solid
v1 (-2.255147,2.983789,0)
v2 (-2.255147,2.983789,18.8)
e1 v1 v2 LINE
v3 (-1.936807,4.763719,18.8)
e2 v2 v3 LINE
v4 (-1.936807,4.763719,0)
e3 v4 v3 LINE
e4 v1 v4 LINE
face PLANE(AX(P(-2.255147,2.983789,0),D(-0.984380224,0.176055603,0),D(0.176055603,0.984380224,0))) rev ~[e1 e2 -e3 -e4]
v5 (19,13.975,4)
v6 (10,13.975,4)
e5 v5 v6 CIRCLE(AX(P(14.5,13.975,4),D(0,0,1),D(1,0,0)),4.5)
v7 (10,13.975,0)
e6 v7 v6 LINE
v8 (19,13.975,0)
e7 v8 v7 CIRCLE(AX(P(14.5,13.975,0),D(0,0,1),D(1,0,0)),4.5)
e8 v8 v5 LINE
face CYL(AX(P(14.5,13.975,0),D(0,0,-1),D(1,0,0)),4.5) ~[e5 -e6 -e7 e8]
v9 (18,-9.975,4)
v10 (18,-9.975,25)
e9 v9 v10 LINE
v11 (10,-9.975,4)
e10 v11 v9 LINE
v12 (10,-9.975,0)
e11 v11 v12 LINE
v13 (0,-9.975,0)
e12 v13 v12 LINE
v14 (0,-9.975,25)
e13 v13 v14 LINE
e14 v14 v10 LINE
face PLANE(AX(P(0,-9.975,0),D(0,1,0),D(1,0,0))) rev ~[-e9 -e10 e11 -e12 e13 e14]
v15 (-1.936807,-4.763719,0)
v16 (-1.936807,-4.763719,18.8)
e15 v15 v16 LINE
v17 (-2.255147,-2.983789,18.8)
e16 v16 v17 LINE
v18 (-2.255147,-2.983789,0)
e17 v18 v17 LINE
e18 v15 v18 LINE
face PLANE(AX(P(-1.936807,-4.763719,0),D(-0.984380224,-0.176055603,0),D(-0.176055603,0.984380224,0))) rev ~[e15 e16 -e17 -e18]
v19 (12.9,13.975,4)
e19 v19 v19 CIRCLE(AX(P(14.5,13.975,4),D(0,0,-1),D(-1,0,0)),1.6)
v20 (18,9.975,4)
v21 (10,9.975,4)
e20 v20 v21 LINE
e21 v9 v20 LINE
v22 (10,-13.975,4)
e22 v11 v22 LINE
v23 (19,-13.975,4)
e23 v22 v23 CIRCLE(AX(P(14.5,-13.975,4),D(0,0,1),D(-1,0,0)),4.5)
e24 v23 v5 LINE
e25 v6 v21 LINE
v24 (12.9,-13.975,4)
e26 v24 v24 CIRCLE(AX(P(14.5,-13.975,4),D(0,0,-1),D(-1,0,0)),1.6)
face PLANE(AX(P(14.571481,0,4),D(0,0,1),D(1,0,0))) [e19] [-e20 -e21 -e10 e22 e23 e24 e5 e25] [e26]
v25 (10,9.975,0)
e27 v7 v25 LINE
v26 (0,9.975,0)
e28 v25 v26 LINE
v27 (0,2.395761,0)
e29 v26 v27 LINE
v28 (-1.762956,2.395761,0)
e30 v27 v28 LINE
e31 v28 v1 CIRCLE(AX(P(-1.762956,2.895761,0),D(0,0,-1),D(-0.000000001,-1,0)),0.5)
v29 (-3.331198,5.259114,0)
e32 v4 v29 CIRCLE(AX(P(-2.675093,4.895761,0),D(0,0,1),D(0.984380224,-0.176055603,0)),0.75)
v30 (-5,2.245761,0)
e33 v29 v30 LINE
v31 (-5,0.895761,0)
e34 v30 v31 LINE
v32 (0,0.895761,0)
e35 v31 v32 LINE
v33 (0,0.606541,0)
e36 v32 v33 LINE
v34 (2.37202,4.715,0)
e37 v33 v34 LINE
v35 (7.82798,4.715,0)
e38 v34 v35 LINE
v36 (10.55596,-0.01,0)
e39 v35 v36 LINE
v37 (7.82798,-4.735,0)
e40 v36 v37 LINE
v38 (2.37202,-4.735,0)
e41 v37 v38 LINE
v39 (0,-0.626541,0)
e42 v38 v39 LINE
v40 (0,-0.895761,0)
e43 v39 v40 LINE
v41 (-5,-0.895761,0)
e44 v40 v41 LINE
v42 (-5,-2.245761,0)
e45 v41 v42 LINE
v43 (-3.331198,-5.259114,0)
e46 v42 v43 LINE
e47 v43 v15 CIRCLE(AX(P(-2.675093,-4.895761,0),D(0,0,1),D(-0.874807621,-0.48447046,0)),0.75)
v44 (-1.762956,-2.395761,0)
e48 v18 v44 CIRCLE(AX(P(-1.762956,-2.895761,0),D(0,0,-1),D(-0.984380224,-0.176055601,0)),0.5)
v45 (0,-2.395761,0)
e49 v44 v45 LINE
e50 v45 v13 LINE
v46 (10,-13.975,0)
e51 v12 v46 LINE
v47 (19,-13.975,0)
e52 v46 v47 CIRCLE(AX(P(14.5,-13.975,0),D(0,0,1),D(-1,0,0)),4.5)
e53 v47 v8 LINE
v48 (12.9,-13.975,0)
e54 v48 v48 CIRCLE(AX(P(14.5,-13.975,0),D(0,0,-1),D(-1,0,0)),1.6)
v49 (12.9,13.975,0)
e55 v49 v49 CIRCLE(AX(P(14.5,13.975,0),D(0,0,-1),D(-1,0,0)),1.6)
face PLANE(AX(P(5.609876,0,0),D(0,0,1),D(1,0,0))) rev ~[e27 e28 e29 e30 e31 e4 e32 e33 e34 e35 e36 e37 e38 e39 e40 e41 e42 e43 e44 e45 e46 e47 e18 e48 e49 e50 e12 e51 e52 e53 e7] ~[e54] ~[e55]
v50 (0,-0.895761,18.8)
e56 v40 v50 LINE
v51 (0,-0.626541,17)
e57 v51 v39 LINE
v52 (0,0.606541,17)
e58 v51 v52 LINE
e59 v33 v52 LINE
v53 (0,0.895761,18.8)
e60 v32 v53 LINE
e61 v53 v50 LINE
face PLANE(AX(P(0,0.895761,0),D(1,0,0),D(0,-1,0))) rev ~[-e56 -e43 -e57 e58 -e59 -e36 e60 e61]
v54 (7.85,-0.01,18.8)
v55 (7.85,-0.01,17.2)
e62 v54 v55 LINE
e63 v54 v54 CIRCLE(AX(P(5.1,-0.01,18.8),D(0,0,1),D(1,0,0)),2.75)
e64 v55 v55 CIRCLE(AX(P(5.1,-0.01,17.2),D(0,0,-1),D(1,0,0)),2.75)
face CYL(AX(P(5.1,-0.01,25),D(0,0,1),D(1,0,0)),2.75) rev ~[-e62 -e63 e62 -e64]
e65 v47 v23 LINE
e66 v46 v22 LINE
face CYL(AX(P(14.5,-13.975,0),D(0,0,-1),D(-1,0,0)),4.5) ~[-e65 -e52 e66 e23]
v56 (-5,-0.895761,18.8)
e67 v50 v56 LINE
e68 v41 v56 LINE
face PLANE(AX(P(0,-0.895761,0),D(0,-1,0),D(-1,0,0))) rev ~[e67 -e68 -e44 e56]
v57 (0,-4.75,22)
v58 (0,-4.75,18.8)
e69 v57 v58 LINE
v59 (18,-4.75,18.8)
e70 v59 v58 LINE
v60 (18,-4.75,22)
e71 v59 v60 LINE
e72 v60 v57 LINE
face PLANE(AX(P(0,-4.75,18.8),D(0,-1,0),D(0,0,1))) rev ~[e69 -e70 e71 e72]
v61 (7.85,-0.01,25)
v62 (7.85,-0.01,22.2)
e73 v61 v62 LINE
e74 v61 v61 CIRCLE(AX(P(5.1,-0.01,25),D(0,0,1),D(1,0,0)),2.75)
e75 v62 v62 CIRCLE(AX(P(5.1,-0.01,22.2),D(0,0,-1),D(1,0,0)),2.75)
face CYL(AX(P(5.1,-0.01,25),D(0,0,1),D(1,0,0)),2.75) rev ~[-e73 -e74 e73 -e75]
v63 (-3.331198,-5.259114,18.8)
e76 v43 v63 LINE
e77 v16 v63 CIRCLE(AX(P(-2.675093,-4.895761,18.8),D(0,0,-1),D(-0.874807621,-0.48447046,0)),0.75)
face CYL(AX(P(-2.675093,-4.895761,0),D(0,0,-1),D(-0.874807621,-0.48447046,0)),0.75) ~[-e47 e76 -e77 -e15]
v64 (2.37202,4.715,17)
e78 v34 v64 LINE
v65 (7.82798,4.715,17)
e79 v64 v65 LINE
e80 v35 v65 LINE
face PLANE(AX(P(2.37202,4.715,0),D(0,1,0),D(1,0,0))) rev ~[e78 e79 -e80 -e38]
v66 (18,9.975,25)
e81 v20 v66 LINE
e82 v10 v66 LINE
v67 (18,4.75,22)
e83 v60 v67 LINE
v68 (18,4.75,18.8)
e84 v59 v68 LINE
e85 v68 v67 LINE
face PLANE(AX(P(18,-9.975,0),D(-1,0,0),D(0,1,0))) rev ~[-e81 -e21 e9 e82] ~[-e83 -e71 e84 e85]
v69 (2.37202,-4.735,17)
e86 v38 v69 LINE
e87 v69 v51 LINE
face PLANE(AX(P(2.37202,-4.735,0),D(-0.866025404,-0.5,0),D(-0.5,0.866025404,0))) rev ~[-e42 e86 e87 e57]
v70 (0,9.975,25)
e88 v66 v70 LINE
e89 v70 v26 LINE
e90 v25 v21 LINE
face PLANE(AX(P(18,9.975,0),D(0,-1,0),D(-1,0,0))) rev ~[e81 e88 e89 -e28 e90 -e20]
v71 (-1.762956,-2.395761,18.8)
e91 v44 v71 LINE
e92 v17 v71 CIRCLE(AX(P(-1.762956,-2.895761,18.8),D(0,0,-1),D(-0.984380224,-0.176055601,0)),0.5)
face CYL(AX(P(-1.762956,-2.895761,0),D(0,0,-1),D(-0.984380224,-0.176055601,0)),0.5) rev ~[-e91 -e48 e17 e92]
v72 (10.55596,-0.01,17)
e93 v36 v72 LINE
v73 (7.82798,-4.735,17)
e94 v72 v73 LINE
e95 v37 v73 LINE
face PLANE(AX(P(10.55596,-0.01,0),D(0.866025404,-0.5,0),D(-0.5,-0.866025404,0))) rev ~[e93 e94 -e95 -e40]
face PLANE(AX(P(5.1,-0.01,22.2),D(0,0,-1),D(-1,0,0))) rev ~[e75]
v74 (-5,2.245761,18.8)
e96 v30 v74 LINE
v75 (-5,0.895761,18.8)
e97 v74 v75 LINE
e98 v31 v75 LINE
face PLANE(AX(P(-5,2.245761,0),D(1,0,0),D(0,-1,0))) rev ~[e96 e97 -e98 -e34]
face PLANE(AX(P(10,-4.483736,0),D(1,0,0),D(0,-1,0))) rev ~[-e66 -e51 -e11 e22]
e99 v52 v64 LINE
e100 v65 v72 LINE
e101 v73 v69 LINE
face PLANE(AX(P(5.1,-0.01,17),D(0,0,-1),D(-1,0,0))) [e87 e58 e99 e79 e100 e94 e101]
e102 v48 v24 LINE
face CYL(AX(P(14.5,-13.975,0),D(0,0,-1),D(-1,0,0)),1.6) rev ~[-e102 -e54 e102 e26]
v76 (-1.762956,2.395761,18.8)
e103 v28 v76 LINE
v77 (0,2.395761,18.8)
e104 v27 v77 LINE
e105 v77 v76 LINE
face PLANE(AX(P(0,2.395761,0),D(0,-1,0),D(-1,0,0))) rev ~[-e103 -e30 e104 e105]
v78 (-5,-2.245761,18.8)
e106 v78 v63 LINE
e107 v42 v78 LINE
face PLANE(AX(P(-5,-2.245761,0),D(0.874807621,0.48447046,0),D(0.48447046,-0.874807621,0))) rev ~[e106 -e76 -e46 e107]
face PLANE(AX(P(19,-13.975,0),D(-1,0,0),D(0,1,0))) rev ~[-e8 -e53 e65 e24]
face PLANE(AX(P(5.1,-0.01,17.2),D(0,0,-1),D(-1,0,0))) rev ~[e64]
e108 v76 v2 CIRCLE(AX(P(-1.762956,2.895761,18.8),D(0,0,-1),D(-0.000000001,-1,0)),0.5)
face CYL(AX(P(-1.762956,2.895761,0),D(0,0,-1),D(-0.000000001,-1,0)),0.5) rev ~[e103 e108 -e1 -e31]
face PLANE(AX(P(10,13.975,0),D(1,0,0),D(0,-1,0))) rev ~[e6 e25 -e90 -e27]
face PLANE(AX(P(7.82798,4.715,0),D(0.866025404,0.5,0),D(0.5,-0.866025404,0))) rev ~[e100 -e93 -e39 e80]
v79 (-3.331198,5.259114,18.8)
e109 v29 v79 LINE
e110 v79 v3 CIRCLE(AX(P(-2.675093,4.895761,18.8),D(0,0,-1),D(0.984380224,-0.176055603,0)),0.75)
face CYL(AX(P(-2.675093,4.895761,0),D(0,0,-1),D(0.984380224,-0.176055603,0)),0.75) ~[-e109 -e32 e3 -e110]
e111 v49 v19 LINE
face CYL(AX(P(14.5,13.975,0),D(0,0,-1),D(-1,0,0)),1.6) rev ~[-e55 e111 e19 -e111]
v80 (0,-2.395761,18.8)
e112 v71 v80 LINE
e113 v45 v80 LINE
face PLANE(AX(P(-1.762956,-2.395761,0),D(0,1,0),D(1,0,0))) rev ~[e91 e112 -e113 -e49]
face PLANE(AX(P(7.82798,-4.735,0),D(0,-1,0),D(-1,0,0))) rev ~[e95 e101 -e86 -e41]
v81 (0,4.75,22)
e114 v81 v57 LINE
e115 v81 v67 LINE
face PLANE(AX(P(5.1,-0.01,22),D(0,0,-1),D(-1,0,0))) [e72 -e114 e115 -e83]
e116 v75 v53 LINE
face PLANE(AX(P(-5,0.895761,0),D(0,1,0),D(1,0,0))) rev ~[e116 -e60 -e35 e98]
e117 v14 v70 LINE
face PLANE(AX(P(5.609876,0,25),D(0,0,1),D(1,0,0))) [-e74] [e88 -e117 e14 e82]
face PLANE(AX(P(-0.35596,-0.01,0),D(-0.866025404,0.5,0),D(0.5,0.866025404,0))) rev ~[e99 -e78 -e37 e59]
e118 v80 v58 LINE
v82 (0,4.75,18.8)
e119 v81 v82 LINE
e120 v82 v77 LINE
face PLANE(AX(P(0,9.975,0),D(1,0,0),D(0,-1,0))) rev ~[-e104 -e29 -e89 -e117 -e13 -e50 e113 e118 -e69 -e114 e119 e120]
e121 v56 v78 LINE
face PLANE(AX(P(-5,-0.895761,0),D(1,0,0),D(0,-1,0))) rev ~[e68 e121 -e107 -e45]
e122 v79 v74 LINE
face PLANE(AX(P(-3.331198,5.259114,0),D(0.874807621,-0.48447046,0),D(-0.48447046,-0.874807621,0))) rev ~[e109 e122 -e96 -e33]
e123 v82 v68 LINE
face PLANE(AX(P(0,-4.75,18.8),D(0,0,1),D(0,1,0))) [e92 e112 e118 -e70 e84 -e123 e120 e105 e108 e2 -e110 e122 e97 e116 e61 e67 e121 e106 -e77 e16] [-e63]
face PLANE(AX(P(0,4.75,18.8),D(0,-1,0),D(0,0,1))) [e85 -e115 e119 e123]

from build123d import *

# Parameters (mm, degrees)
BOSS_EXTRUDE1_DEPTH = 25
SKETCH2_W           = 3.2
SKETCH2_H           = 9.5
CUT_EXTRUDE1_DEPTH  = 55.5
SKETCH3_R           = 2.75
CUT_EXTRUDE2_DEPTH  = 37
CUT_EXTRUDE3_DEPTH  = 17
SKETCH9_W           = 6.2
SKETCH9_H           = 19.95
CUT_EXTRUDE8_DEPTH  = 18
SKETCH10_R          = 2.75
BOSS_EXTRUDE2_DEPTH = 0.2
SKETCH11_R          = 2.75
BOSS_EXTRUDE3_DEPTH = 0.2
SKETCH12_R          = 1.6
BOSS_EXTRUDE4_DEPTH = 4


with BuildPart() as part:
    # Sketch1 → Boss-Extrude1 (new body)
    with BuildSketch(Plane.XY):
        with BuildLine():
            Line((0, 2.395761144), (-1.762956434, 2.395761144))
            ThreePointArc((-1.762956434, 2.395761144), (-2.146371288, 2.574835842), (-2.255146546, 2.983788945))
            Line((-2.255146546, 2.983788945), (-1.936807424, 4.763719442))
            ThreePointArc((-1.936807424, 4.763719442), (-2.424010325, 5.602484354), (-3.331198308, 5.259113989))
            Line((-3.331198308, 5.259113989), (-5, 2.245761144))
            Line((-5, 2.245761144), (-5, 0.895761144))
            Line((-5, 0.895761144), (0, 0.895761144))
            Line((0, 0.895761144), (0, -0.895761144))
            Line((0, -0.895761144), (-5, -0.895761144))
            Line((-5, -0.895761144), (-5, -2.245761144))
            Line((-5, -2.245761144), (-3.331198308, -5.259113989))
            ThreePointArc((-3.331198308, -5.259113989), (-2.424010325, -5.602484354), (-1.936807424, -4.763719442))
            Line((-1.936807424, -4.763719442), (-2.255146546, -2.983788945))
            ThreePointArc((-2.255146546, -2.983788945), (-2.146371288, -2.574835842), (-1.762956434, -2.395761144))
            Line((-1.762956434, -2.395761144), (0, -2.395761144))
            Line((0, -2.395761144), (0, -9.975))
            Line((0, -9.975), (18, -9.975))
            Line((18, -9.975), (18, 9.975))
            Line((18, 9.975), (0, 9.975))
            Line((0, 9.975), (0, 2.395761144))
        make_face()
    extrude(amount=BOSS_EXTRUDE1_DEPTH)

    # Sketch2 → Cut-Extrude1 (cut, symmetric)
    with BuildSketch(Plane.ZY):
        with Locations((20.4, 0)):
            Rectangle(SKETCH2_W, SKETCH2_H)
    extrude(amount=CUT_EXTRUDE1_DEPTH, both=True, mode=Mode.SUBTRACT)

    # Sketch3 → Cut-Extrude2 (cut)
    with BuildSketch(Plane.XY.offset(25)):
        with Locations((5.1, -0.01)):
            Circle(SKETCH3_R)
    extrude(amount=-CUT_EXTRUDE2_DEPTH, mode=Mode.SUBTRACT)

    # Sketch4 → Cut-Extrude3 (cut)
    with BuildSketch(Plane(origin=(0, 0, 0), x_dir=(-1, 0, 0), z_dir=(0, 0, -1))):
        Polygon((-10.555960044, -0.01), (-7.827980022, -4.735), (-2.372019978, -4.735), (0.355960044, -0.01), (-2.372019978, 4.715), (-7.827980022, 4.715), align=None)
    extrude(amount=-CUT_EXTRUDE3_DEPTH, mode=Mode.SUBTRACT)

    # Sketch9 → Cut-Extrude8 (cut)
    with BuildSketch(Plane.ZY):
        with Locations((21.9, 0)):
            Rectangle(SKETCH9_W, SKETCH9_H)
    extrude(amount=CUT_EXTRUDE8_DEPTH, mode=Mode.SUBTRACT)

    # Sketch10 → Boss-Extrude2 (add)
    with BuildSketch(Plane(origin=(0, 0, 17), x_dir=(-1, 0, 0), z_dir=(0, 0, -1))):
        with Locations((-5.1, -0.01)):
            Circle(SKETCH10_R)
    extrude(amount=-BOSS_EXTRUDE2_DEPTH)

    # Sketch11 → Boss-Extrude3 (add)
    with BuildSketch(Plane(origin=(0, 0, 22), x_dir=(-1, 0, 0), z_dir=(0, 0, -1))):
        with Locations((-5.1, -0.01)):
            Circle(SKETCH11_R)
    extrude(amount=-BOSS_EXTRUDE3_DEPTH)

    # Sketch12 → Boss-Extrude4 (add)
    with BuildSketch(Plane(origin=(0, 0, 0), x_dir=(-1, 0, 0), z_dir=(0, 0, -1))):
        with BuildLine():
            Line((-10, 4.48373582), (-12, 0))
            Line((-12, 0), (-10, -4.48373582))
            Line((-10, -4.48373582), (-10, -13.975))
            ThreePointArc((-10, -13.975), (-14.5, -18.475), (-19, -13.975))
            Line((-19, -13.975), (-19, 13.975))
            ThreePointArc((-19, 13.975), (-14.5, 18.475), (-10, 13.975))
            Line((-10, 13.975), (-10, 4.48373582))
        make_face()
        with Locations((-14.5, -13.975)):
            Circle(SKETCH12_R, mode=Mode.SUBTRACT)
        with Locations((-14.5, 13.975)):
            Circle(SKETCH12_R, mode=Mode.SUBTRACT)
    extrude(amount=-BOSS_EXTRUDE4_DEPTH)


solid = part.part
